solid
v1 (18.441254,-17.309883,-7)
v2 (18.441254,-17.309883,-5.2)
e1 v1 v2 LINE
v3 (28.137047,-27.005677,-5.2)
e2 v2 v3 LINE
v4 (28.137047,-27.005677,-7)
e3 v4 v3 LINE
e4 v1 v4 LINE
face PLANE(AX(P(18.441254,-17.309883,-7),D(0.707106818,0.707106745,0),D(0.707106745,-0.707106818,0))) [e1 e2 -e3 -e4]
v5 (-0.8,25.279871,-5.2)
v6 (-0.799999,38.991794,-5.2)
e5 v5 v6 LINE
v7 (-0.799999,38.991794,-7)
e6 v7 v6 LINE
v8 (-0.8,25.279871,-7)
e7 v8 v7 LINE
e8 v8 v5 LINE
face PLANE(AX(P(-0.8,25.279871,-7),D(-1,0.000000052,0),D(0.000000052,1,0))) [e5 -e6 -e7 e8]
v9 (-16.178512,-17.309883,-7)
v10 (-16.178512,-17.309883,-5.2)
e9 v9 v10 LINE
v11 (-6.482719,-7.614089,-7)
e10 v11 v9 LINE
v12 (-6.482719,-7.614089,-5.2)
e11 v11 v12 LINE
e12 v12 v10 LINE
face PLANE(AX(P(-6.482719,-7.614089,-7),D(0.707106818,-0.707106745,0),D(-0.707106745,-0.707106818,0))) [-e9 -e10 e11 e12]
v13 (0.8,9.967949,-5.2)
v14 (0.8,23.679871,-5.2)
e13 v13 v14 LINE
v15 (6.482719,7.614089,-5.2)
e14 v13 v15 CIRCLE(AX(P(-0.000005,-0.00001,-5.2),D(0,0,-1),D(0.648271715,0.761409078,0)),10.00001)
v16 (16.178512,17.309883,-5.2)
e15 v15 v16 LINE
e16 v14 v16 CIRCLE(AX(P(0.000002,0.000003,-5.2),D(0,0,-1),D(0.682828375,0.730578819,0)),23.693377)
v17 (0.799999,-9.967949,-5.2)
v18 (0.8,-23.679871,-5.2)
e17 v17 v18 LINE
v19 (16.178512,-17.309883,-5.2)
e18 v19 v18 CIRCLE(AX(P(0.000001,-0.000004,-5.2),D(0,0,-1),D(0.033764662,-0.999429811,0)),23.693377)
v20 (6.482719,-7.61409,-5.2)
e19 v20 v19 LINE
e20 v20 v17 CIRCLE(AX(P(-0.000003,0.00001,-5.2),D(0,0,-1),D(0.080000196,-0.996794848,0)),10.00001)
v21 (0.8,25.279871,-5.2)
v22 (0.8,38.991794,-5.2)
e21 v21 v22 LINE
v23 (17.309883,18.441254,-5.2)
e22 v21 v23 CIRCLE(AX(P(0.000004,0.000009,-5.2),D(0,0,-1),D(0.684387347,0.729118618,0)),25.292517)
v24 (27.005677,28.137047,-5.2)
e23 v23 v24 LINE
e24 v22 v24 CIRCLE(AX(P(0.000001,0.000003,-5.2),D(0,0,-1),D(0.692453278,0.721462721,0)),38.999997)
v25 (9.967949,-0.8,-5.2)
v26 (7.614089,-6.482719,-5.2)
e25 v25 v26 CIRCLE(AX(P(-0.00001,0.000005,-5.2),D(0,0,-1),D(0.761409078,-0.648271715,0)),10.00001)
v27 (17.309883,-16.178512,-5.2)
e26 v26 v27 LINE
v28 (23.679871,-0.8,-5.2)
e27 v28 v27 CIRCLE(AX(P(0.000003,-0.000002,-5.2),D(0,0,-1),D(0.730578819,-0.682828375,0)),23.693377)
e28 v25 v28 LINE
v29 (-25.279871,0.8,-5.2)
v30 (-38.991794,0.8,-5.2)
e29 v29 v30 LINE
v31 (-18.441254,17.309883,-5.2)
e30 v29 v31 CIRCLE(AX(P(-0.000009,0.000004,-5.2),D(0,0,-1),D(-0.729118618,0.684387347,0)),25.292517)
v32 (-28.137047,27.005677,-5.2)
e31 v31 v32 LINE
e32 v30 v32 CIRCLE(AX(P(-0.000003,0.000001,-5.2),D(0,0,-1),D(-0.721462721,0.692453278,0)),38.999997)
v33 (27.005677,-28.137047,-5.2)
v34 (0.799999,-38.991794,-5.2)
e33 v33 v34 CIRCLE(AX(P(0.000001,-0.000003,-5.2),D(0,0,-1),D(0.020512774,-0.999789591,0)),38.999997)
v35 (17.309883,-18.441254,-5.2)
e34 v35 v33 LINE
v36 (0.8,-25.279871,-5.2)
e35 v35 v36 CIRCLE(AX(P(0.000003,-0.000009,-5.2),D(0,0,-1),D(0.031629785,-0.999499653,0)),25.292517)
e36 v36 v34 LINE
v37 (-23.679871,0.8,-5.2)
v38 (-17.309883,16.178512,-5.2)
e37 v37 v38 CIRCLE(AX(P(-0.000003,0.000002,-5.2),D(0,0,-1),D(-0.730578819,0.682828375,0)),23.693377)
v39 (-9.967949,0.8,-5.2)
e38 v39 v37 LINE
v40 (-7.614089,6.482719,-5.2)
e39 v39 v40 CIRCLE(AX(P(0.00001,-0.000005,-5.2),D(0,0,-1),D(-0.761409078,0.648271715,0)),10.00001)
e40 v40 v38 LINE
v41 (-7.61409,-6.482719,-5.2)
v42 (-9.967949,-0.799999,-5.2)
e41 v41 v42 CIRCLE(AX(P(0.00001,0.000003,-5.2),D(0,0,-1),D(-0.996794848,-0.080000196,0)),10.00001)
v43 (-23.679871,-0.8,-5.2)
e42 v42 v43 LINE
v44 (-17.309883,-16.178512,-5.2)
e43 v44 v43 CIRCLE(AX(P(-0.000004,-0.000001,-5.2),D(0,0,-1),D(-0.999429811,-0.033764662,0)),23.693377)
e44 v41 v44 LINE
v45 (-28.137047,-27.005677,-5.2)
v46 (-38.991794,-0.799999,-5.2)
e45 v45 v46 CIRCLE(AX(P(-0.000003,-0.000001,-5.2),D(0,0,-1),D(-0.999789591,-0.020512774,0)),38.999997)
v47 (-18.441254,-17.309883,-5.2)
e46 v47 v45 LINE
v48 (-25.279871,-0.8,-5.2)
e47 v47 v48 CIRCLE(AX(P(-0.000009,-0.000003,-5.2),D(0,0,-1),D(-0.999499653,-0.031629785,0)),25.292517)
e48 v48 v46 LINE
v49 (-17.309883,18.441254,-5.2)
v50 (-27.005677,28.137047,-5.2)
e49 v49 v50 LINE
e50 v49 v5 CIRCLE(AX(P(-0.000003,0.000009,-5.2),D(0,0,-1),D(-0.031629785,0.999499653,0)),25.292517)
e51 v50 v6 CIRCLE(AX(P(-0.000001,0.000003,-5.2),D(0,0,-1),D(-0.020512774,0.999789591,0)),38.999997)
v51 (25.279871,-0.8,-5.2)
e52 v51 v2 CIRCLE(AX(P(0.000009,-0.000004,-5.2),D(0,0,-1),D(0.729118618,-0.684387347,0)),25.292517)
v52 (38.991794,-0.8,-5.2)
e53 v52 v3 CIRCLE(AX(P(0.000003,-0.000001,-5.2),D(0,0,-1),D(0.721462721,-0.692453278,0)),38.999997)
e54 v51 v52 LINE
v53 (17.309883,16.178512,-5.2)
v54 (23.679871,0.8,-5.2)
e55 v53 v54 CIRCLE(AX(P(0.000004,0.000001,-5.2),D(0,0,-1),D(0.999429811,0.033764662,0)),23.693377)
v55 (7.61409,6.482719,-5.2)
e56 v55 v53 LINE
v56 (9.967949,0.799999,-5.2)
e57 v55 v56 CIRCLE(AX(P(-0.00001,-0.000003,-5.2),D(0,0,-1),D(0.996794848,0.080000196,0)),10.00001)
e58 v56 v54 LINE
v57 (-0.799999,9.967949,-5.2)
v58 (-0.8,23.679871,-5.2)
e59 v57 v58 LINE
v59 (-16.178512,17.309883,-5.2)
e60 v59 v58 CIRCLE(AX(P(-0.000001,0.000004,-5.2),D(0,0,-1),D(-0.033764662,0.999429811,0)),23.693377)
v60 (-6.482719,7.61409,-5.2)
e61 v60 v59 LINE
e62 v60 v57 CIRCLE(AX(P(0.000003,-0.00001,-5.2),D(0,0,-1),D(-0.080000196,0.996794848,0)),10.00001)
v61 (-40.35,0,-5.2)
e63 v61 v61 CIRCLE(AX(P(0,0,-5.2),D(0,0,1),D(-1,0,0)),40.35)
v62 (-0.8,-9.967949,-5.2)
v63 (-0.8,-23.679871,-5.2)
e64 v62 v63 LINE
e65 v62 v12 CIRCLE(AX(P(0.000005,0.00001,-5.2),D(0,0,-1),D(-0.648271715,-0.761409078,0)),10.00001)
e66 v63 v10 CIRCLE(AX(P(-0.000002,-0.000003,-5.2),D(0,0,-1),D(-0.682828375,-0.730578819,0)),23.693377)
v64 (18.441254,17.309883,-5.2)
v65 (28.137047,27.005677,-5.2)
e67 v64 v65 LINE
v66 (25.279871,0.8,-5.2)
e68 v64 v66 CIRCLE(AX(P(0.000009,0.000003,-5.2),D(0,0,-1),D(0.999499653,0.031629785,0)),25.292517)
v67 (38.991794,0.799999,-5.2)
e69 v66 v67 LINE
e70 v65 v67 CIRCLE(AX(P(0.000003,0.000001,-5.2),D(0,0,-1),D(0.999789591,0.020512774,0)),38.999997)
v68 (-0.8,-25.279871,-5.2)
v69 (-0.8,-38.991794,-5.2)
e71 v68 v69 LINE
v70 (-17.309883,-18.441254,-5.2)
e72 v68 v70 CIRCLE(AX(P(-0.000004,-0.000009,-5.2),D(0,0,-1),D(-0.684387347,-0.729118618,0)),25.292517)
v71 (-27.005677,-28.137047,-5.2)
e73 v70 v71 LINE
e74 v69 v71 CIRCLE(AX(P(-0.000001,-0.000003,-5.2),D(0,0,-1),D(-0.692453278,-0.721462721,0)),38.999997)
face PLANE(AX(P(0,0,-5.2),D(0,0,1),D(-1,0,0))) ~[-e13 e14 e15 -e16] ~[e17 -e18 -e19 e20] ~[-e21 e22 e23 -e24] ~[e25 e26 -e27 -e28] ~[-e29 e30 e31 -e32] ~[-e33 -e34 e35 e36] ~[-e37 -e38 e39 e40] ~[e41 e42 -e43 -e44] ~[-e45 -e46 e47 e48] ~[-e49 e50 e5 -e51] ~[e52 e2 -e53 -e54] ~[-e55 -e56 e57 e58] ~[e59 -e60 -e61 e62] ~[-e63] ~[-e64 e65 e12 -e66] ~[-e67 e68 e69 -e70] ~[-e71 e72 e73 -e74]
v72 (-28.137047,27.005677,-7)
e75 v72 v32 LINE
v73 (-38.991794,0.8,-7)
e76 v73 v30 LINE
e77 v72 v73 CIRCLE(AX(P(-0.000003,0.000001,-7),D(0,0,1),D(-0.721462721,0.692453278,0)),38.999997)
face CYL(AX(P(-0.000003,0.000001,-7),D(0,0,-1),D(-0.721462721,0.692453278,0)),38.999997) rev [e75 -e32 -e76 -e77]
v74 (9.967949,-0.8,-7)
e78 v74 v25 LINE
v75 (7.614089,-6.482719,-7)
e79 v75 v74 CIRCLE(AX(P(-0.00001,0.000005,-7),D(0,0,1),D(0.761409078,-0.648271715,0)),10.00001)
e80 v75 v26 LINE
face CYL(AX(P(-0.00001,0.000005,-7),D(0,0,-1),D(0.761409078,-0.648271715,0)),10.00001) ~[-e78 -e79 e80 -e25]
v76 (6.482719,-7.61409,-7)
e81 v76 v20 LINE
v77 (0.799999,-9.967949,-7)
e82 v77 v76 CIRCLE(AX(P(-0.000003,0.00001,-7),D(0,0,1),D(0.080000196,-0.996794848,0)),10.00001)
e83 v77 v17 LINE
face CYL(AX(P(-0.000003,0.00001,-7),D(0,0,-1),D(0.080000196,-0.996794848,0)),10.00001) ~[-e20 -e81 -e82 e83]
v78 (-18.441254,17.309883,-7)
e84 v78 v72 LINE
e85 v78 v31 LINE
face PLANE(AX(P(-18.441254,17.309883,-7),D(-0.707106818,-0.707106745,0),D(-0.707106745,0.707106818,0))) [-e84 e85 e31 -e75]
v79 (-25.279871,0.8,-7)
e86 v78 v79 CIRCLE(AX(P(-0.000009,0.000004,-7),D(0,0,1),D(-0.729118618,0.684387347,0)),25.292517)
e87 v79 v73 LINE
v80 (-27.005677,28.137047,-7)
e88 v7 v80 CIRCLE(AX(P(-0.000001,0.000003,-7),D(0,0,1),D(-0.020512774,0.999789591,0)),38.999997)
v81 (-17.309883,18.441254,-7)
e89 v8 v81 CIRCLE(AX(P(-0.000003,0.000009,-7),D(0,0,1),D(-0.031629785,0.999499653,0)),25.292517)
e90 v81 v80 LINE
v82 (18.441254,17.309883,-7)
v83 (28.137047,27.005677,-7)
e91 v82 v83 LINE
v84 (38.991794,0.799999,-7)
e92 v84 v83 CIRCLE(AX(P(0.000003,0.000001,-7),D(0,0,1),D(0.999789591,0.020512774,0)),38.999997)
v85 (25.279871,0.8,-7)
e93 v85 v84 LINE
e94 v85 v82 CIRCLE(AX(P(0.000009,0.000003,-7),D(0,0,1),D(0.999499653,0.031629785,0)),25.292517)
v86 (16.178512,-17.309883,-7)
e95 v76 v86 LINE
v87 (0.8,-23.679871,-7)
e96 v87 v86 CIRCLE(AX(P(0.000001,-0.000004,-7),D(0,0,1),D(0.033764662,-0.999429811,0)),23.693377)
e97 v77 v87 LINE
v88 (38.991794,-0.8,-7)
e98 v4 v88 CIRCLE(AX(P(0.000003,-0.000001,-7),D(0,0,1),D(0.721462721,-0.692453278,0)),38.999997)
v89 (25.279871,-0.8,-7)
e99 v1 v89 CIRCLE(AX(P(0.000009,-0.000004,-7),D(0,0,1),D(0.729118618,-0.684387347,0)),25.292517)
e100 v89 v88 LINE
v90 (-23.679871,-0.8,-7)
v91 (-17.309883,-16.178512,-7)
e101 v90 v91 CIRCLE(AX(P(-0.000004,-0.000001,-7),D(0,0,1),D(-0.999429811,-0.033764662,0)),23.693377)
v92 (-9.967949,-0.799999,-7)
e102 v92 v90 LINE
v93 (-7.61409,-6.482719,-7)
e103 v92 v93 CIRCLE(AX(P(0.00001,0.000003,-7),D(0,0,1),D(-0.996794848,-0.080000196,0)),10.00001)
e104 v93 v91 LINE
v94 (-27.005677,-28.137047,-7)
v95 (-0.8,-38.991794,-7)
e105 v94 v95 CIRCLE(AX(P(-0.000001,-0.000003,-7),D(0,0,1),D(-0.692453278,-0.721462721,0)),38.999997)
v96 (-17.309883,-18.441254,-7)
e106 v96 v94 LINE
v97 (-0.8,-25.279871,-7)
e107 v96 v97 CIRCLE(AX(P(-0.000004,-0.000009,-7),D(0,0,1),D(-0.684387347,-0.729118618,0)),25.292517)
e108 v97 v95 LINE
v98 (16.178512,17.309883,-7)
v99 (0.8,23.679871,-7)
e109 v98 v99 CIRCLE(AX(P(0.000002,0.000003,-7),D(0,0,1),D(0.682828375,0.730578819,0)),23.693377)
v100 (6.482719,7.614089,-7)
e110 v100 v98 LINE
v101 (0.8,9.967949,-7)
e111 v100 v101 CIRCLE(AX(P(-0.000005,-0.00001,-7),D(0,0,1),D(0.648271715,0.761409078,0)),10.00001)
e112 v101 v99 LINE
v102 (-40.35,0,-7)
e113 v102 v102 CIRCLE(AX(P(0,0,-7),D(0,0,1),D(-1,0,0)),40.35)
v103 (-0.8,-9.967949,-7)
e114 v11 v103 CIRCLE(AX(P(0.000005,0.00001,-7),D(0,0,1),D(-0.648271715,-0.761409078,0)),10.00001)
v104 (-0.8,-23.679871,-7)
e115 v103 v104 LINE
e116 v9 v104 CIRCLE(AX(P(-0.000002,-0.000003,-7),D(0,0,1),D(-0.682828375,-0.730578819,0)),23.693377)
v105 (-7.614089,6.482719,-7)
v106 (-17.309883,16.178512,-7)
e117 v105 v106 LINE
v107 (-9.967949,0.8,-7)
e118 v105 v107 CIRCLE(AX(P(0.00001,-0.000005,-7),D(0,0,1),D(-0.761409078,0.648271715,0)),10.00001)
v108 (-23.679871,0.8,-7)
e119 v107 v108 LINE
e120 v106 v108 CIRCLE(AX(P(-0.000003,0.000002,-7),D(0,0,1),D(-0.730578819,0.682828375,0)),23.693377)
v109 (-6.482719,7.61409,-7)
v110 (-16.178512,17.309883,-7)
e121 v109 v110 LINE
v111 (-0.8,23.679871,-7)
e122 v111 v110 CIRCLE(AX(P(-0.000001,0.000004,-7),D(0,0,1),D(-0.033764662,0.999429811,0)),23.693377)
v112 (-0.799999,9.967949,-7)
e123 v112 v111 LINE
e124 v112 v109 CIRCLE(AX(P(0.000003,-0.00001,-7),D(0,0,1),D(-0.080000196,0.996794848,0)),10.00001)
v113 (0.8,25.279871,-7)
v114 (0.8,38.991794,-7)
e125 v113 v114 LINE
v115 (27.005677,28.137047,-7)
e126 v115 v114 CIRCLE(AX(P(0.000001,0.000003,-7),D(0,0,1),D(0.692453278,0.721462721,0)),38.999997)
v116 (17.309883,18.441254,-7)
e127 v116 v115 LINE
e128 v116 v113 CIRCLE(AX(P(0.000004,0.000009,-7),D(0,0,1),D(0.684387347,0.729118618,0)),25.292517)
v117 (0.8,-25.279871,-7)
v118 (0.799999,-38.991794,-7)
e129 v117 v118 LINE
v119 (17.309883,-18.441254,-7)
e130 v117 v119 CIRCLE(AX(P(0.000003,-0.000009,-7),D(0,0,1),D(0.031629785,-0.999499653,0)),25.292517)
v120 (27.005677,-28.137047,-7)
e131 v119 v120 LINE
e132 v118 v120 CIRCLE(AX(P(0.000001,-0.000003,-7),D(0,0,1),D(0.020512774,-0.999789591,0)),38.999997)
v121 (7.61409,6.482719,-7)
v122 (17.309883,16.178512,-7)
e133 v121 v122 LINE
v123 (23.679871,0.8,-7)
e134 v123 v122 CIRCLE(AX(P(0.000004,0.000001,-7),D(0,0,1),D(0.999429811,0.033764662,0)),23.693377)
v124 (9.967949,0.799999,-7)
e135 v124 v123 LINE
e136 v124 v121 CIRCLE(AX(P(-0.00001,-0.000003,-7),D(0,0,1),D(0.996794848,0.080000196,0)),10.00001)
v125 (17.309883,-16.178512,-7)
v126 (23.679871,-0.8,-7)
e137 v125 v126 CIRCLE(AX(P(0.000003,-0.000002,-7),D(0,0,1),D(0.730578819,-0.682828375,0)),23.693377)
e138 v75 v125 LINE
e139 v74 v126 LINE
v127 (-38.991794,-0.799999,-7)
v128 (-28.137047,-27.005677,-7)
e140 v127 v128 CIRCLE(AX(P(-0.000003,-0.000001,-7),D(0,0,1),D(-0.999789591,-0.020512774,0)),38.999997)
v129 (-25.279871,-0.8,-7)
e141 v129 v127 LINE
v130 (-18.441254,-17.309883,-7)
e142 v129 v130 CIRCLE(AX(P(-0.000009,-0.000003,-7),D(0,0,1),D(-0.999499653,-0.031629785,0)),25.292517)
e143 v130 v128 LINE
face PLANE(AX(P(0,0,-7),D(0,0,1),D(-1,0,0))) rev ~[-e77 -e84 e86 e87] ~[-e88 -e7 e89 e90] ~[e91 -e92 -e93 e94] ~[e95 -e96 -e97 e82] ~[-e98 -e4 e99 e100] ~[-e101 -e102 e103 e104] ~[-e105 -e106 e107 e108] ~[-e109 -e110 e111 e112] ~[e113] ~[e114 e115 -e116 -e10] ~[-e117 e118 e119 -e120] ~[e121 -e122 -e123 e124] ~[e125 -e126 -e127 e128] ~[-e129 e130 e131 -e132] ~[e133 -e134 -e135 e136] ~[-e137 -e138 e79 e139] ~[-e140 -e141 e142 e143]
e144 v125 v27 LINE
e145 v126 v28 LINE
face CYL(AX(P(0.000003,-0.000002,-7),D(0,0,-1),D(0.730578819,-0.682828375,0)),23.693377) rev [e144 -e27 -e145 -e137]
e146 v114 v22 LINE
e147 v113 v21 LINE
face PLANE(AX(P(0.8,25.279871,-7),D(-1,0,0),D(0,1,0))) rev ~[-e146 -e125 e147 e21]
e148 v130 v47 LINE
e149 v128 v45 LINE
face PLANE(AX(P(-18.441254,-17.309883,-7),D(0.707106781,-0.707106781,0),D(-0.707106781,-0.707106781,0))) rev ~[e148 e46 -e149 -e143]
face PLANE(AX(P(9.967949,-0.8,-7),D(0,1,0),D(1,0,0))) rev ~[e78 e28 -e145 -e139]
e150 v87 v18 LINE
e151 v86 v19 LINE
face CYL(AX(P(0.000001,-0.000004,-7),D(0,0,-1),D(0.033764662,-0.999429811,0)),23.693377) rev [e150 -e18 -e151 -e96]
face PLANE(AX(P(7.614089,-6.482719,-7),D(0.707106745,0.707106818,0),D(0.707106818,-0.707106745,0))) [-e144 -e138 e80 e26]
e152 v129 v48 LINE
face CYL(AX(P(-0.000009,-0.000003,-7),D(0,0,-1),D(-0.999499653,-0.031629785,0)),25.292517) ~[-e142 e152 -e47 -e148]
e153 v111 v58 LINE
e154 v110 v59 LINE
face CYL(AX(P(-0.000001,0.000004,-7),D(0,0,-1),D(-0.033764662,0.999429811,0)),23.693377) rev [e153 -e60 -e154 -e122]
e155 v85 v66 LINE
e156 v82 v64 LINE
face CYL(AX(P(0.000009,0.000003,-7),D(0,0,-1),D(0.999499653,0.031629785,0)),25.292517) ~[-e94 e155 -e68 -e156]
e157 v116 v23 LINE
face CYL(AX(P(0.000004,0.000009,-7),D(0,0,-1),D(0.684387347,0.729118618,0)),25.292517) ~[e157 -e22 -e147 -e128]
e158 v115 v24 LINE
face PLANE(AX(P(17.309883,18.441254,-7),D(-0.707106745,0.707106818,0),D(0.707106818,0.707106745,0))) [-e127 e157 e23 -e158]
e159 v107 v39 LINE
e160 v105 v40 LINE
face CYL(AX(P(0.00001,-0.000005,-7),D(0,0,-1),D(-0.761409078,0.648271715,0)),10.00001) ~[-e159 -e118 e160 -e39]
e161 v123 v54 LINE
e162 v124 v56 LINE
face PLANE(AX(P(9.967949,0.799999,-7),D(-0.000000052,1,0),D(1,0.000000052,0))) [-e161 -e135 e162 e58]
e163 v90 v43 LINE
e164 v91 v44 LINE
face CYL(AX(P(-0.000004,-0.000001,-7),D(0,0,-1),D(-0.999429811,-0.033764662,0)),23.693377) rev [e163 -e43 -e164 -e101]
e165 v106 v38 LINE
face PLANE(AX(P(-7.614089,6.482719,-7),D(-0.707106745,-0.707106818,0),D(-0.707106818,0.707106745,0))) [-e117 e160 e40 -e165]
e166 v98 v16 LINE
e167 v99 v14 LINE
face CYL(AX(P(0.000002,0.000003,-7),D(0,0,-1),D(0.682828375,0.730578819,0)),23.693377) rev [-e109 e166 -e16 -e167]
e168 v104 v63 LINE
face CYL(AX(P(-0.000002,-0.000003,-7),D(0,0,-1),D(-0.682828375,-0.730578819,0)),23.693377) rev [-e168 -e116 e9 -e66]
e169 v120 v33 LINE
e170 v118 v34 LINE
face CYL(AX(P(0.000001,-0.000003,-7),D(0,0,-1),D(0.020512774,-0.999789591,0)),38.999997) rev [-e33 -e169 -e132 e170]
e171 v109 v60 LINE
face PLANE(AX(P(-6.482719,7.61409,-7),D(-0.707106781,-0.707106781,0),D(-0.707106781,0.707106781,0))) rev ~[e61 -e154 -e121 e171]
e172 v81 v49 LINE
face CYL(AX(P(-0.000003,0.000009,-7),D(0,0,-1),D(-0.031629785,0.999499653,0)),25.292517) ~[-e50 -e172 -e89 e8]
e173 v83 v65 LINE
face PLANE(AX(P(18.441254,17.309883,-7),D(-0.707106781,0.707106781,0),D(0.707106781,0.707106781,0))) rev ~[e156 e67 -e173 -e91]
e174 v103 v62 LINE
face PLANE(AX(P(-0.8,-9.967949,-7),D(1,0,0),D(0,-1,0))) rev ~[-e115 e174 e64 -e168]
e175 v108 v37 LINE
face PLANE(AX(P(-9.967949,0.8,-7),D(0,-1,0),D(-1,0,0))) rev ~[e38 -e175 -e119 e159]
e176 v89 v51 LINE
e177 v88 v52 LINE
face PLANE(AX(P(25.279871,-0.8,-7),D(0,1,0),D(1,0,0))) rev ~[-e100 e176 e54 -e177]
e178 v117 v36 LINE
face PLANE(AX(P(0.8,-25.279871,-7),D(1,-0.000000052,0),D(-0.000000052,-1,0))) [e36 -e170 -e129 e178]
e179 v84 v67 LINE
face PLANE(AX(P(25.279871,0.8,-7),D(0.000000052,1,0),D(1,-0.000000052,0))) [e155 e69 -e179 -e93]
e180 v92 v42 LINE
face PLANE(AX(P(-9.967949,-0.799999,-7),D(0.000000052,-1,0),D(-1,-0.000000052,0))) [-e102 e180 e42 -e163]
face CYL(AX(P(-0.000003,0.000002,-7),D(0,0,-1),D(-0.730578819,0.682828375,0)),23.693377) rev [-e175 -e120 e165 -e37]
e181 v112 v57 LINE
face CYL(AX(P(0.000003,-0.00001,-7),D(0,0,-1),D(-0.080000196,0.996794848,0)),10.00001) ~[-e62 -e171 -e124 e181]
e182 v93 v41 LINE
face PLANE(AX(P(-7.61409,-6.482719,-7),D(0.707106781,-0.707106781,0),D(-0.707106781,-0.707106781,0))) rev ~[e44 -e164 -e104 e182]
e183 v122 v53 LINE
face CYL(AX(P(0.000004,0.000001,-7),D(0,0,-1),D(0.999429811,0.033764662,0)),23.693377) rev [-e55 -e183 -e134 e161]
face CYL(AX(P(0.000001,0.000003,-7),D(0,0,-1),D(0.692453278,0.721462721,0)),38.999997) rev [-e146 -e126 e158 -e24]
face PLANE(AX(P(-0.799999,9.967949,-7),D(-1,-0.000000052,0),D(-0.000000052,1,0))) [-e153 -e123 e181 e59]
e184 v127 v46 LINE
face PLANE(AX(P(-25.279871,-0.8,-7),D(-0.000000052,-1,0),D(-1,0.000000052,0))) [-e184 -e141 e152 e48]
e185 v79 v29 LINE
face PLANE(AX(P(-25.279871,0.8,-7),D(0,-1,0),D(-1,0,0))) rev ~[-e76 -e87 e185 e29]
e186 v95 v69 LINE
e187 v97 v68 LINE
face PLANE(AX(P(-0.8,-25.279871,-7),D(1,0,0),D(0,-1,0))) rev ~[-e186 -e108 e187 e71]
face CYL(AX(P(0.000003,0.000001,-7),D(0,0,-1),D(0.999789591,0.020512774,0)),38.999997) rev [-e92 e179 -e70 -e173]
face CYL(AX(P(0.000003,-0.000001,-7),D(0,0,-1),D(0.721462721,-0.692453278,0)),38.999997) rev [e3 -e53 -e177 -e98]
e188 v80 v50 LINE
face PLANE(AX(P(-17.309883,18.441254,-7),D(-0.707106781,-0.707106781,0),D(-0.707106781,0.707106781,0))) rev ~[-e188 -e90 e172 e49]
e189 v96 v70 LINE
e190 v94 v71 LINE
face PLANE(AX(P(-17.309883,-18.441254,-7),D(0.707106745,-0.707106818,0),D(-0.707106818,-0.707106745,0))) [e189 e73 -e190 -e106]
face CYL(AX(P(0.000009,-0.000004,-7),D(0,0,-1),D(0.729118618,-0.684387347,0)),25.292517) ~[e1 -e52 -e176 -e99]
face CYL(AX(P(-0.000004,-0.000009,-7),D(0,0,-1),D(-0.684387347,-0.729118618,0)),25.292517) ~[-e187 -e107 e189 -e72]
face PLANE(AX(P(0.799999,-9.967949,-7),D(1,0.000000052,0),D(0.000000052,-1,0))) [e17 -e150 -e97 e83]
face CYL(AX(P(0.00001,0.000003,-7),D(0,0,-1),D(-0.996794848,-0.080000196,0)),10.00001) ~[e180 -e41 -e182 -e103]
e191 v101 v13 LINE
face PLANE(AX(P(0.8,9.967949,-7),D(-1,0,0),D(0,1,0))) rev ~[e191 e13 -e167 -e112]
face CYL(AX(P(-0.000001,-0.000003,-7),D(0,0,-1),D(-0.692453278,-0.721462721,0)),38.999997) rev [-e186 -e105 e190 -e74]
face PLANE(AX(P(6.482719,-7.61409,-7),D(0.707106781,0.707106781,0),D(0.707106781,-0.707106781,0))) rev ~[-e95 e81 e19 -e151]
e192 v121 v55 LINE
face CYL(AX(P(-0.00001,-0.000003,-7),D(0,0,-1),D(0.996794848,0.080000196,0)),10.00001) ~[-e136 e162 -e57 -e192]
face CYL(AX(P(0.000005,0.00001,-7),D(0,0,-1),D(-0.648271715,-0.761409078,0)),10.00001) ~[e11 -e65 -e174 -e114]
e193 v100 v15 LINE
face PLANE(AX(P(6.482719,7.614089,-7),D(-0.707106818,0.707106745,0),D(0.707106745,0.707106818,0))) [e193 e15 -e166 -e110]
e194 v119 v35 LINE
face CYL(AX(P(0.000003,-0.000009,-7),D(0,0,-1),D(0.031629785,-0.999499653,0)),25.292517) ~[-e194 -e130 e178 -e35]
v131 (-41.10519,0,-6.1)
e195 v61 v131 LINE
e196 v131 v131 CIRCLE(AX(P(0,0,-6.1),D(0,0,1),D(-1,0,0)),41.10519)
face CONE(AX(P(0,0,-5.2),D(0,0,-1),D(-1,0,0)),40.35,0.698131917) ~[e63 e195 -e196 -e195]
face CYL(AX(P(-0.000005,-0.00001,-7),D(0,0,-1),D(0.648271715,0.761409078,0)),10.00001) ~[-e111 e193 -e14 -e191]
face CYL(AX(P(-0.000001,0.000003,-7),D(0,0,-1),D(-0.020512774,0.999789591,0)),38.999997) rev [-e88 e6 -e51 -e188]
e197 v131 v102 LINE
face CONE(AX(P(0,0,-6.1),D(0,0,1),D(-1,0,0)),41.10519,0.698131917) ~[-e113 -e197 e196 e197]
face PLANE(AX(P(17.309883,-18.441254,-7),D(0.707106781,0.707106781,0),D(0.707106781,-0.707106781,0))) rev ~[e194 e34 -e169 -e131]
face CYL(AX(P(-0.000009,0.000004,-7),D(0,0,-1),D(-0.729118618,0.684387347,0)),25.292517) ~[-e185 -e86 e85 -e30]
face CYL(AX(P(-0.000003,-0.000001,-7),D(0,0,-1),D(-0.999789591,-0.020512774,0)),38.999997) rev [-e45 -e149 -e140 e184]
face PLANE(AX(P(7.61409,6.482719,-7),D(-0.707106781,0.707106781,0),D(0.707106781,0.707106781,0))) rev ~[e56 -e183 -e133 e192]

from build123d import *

# Parameters (mm, degrees)
POCKET004_DEPTH       = 234.354933
POLARPATTERN001_COUNT = 8


with BuildPart() as part:
    # Sketch017 → Revolution (revolve)
    with BuildSketch(Plane.XZ):
        Polygon((-40.35, -5.2), (-41.10519, -6.1), (-40.35, -7), (0, -7), (0, -5.2), align=None)
    revolve(axis=Axis((0, 0, 0), (0, 0, 1)))

    # Sketch018 → Pocket004 (cut, through all)
    with BuildSketch(Plane.XY.offset(-7)):
        with BuildLine():
            Line((0.8, 9.967949), (0.8, 23.679871))
            ThreePointArc((16.178512, 17.309883), (9.067064, 21.88983), (0.8, 23.679871))
            Line((6.482719, 7.614089), (16.178512, 17.309883))
            ThreePointArc((6.482719, 7.614089), (3.826834, 9.238795), (0.8, 9.967949))
        make_face()
        with BuildLine():
            ThreePointArc((17.309883, 18.441254), (9.679031, 23.367248), (0.8, 25.279871))
            Line((0.8, 25.279871), (0.8, 38.991794))
            ThreePointArc((27.005677, 28.137047), (14.924654, 36.031302), (0.8, 38.991794))
            Line((17.309883, 18.441254), (27.005677, 28.137047))
        make_face()
    pocket004 = extrude(amount=POCKET004_DEPTH, mode=Mode.SUBTRACT)

    # PolarPattern001: Pocket004 ×8 about axis
    polarpattern001_axis = Axis((0, 0, -7), (0, 0, 1))
    for i in range(1, POLARPATTERN001_COUNT):
        add(pocket004.rotate(polarpattern001_axis, i * 360 / POLARPATTERN001_COUNT), mode=Mode.SUBTRACT)


solid = part.part
